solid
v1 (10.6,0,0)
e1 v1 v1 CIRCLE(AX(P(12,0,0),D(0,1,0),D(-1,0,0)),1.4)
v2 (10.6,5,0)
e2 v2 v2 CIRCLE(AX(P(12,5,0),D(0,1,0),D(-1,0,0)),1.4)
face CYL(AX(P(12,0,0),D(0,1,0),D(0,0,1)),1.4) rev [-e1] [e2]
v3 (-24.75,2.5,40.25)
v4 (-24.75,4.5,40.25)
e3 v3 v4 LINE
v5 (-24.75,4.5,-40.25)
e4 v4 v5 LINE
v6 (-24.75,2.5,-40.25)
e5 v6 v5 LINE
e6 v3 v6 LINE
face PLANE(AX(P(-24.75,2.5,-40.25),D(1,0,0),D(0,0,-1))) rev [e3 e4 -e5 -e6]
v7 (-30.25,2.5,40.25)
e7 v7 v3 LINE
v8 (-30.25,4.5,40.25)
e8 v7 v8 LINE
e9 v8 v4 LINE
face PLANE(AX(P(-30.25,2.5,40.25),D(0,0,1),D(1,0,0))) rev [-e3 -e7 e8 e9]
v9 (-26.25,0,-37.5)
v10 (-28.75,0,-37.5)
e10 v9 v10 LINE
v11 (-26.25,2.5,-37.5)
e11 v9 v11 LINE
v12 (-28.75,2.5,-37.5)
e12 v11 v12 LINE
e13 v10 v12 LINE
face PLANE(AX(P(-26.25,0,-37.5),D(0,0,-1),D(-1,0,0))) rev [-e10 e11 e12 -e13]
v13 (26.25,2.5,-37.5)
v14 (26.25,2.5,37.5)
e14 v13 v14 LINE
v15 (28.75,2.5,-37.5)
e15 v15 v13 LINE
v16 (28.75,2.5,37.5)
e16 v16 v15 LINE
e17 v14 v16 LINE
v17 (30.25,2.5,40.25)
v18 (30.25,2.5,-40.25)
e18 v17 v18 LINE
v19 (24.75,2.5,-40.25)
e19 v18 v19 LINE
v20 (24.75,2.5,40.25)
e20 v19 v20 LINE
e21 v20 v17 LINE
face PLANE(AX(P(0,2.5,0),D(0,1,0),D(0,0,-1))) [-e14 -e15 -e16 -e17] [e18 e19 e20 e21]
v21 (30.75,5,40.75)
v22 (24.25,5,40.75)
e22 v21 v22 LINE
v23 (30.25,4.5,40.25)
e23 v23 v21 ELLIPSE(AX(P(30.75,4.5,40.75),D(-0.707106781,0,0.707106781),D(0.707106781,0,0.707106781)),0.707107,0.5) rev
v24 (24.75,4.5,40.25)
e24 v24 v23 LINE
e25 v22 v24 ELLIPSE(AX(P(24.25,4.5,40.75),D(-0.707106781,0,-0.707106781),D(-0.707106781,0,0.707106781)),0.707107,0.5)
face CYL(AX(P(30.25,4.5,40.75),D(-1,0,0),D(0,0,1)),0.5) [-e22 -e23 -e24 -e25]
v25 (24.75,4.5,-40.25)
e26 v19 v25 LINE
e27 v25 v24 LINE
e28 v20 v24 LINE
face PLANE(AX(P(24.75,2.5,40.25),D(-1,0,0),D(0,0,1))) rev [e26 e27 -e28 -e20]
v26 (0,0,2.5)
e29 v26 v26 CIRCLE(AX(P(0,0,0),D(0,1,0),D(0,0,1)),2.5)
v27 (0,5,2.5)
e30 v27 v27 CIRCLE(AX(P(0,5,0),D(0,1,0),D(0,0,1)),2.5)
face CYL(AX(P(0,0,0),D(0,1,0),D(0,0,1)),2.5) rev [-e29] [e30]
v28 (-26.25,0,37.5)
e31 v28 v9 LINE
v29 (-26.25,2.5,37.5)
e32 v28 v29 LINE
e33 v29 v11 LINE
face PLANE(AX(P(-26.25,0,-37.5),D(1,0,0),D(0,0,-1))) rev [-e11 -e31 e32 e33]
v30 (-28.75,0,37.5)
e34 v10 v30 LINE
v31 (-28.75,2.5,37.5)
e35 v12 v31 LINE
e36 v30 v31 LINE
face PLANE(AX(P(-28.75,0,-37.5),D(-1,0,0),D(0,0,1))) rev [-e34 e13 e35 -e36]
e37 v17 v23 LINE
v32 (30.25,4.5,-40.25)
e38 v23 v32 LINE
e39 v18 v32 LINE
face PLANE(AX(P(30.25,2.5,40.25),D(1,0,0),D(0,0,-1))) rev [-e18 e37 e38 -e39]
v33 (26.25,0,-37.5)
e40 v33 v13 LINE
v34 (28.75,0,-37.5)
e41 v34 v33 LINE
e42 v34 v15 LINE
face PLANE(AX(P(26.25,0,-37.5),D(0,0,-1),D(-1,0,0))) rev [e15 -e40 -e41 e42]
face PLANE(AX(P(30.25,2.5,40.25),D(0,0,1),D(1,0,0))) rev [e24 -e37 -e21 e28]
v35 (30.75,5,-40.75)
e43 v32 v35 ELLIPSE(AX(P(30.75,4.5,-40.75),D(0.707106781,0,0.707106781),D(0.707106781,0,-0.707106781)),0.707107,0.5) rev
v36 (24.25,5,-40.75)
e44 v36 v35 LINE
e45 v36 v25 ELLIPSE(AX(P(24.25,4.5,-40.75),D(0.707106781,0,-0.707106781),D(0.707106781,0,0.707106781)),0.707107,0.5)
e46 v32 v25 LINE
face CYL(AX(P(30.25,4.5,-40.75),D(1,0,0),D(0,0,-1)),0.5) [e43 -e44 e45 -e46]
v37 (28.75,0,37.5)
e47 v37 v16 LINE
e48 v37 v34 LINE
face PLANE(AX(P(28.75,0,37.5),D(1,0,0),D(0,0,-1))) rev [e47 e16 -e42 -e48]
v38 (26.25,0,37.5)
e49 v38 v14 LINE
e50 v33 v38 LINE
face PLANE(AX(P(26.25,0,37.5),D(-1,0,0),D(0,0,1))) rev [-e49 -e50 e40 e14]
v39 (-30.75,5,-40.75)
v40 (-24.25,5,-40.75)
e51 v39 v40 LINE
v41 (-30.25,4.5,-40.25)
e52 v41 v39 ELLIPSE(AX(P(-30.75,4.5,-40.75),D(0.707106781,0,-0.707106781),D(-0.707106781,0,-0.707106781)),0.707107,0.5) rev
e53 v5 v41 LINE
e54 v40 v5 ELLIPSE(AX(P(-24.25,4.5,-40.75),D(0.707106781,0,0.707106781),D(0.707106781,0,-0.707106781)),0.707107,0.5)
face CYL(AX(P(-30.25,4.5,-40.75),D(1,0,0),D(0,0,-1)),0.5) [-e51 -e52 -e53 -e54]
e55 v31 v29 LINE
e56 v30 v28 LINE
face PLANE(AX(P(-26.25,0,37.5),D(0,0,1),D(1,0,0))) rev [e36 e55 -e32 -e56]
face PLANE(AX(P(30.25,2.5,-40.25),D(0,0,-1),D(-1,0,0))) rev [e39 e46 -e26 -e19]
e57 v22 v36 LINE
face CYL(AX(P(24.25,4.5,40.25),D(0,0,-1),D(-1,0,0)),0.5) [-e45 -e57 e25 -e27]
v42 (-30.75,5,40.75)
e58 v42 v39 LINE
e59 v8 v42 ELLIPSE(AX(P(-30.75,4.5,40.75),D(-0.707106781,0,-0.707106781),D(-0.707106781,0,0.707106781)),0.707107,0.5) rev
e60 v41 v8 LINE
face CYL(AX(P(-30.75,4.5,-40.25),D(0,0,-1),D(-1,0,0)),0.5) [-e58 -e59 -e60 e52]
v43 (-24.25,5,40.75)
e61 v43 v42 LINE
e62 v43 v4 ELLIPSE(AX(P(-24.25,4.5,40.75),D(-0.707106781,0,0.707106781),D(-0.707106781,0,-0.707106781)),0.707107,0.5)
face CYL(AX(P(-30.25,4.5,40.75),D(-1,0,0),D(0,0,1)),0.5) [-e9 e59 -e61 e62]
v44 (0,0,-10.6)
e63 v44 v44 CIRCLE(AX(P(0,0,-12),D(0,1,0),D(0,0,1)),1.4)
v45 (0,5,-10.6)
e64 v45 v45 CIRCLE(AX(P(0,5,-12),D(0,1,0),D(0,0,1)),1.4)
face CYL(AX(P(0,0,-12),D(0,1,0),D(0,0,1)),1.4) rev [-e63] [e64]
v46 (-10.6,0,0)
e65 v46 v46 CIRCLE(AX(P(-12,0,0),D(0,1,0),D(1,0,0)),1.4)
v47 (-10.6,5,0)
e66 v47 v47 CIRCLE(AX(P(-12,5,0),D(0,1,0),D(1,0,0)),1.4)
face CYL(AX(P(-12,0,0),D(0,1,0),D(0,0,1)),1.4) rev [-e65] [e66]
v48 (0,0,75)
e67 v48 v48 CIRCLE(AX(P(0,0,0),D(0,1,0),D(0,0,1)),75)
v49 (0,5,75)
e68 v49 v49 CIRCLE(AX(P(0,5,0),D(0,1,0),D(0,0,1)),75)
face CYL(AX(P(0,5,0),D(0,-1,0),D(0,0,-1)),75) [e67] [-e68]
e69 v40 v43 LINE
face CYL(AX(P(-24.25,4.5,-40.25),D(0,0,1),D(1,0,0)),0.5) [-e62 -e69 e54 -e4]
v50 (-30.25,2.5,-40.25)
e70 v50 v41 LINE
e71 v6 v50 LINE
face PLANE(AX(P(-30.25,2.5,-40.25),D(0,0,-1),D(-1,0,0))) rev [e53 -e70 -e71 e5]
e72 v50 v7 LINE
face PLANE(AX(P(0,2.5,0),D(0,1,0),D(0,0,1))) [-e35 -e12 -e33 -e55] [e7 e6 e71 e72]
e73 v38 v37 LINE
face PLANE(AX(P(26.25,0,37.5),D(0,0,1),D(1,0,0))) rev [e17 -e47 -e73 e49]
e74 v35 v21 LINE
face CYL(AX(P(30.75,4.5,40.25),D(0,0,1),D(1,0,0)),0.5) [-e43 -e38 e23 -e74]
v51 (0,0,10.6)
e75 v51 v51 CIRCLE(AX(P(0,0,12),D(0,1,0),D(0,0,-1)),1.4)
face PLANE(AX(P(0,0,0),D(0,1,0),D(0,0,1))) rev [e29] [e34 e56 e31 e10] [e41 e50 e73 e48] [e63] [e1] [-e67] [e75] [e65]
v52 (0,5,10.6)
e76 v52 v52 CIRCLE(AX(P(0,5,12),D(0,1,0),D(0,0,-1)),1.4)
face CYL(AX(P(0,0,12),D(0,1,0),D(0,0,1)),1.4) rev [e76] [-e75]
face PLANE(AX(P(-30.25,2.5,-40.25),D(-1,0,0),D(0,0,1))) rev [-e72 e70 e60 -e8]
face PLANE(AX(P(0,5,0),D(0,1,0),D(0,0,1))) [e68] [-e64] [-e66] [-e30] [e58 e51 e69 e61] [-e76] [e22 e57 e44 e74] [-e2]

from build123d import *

# Parameters (mm, degrees)
SKETCH1_R                = 75
BOSS_EXTRUDE1_DEPTH      = 5
SKETCH2_R                = 2.5
CUT_EXTRUDE1_DEPTH       = 5
SKETCH3_R                = 1.4
CUT_EXTRUDE2_DEPTH       = 5
CIRPATTERN1_COUNT        = 4
SKETCH4_W                = 5.5
SKETCH4_H                = 80.5
CUT_EXTRUDE3_DEPTH       = 2.5
SKETCH5_W                = 2.5
SKETCH5_H                = 75
CUT_EXTRUDE4_DEPTH       = 2.5
FILLET1_R                = 0.5
CIRPATTERN2_COUNT        = 2
FILLET1_OF_CIRPATTERN2_R = 0.5


with BuildPart() as part:
    # Sketch1 → Boss-Extrude1 (new body)
    with BuildSketch(Plane(origin=(0, 0, 0), x_dir=(1, 0, 0), z_dir=(0, 1, 0))):
        with Locations(Location((0, 0, 0), (0, 0, 270))):
            Circle(SKETCH1_R)
    extrude(amount=BOSS_EXTRUDE1_DEPTH)

    # Sketch2 → Cut-Extrude1 (cut)
    with BuildSketch(Plane(origin=(0, 5, 0), x_dir=(1, 0, 0), z_dir=(0, 1, 0))):
        with Locations(Location((0, 0, 0), (0, 0, 270))):
            Circle(SKETCH2_R)
    extrude(amount=-CUT_EXTRUDE1_DEPTH, mode=Mode.SUBTRACT)

    # Sketch3 → Cut-Extrude2 (cut)
    with BuildSketch(Plane(origin=(0, 5, 0), x_dir=(1, 0, 0), z_dir=(0, 1, 0))):
        with Locations(Location((0, 12, 0), (0, 0, 270))):
            Circle(SKETCH3_R)
    cut_extrude2 = extrude(amount=-CUT_EXTRUDE2_DEPTH, mode=Mode.SUBTRACT)

    # CirPattern1: Cut-Extrude2 ×4 about axis
    cirpattern1_axis = Axis((0, 0, 0), (0, 1, 0))
    for i in range(1, CIRPATTERN1_COUNT):
        add(cut_extrude2.rotate(cirpattern1_axis, i * 360 / CIRPATTERN1_COUNT), mode=Mode.SUBTRACT)

    # Sketch4 → Cut-Extrude3 (cut)
    with BuildSketch(Plane(origin=(0, 5, 0), x_dir=(1, 0, 0), z_dir=(0, 1, 0))):
        with Locations((-27.5, 0)):
            Rectangle(SKETCH4_W, SKETCH4_H)
    cut_extrude3 = extrude(amount=-CUT_EXTRUDE3_DEPTH, mode=Mode.SUBTRACT)

    # Sketch5 → Cut-Extrude4 (cut)
    with BuildSketch(Plane(origin=(0, 2.5, 0), x_dir=(1, 0, 0), z_dir=(0, 1, 0))):
        with Locations((-27.5, 0)):
            Rectangle(SKETCH5_W, SKETCH5_H)
    cut_extrude4 = extrude(amount=-CUT_EXTRUDE4_DEPTH, mode=Mode.SUBTRACT)

    # Fillet1
    fillet1_edges = [part.edges().sort_by_distance(p)[0] for p in [
        (-24.75, 5, 0),
        (-27.5, 5, -40.25),
        (-30.25, 5, 0),
        (-27.5, 5, 40.25),
    ]]
    fillet(fillet1_edges, radius=FILLET1_R)

    # CirPattern2: Cut-Extrude3, Cut-Extrude4 ×2 about axis
    cirpattern2_axis = Axis((0, 0, 0), (0, 1, 0))
    add([cut_extrude3.rotate(cirpattern2_axis, i * 360 / CIRPATTERN2_COUNT) for i in range(1, CIRPATTERN2_COUNT)], mode=Mode.SUBTRACT)
    add([cut_extrude4.rotate(cirpattern2_axis, i * 360 / CIRPATTERN2_COUNT) for i in range(1, CIRPATTERN2_COUNT)], mode=Mode.SUBTRACT)

    # Fillet1 of CirPattern2
    fillet1_of_cirpattern2_edges = [part.edges().sort_by_distance(p)[0] for p in [
        (24.75, 5, 0),
        (27.5, 5, 40.25),
        (30.25, 5, 0),
        (27.5, 5, -40.25),
    ]]
    fillet(fillet1_of_cirpattern2_edges, radius=FILLET1_OF_CIRPATTERN2_R)


solid = part.part
